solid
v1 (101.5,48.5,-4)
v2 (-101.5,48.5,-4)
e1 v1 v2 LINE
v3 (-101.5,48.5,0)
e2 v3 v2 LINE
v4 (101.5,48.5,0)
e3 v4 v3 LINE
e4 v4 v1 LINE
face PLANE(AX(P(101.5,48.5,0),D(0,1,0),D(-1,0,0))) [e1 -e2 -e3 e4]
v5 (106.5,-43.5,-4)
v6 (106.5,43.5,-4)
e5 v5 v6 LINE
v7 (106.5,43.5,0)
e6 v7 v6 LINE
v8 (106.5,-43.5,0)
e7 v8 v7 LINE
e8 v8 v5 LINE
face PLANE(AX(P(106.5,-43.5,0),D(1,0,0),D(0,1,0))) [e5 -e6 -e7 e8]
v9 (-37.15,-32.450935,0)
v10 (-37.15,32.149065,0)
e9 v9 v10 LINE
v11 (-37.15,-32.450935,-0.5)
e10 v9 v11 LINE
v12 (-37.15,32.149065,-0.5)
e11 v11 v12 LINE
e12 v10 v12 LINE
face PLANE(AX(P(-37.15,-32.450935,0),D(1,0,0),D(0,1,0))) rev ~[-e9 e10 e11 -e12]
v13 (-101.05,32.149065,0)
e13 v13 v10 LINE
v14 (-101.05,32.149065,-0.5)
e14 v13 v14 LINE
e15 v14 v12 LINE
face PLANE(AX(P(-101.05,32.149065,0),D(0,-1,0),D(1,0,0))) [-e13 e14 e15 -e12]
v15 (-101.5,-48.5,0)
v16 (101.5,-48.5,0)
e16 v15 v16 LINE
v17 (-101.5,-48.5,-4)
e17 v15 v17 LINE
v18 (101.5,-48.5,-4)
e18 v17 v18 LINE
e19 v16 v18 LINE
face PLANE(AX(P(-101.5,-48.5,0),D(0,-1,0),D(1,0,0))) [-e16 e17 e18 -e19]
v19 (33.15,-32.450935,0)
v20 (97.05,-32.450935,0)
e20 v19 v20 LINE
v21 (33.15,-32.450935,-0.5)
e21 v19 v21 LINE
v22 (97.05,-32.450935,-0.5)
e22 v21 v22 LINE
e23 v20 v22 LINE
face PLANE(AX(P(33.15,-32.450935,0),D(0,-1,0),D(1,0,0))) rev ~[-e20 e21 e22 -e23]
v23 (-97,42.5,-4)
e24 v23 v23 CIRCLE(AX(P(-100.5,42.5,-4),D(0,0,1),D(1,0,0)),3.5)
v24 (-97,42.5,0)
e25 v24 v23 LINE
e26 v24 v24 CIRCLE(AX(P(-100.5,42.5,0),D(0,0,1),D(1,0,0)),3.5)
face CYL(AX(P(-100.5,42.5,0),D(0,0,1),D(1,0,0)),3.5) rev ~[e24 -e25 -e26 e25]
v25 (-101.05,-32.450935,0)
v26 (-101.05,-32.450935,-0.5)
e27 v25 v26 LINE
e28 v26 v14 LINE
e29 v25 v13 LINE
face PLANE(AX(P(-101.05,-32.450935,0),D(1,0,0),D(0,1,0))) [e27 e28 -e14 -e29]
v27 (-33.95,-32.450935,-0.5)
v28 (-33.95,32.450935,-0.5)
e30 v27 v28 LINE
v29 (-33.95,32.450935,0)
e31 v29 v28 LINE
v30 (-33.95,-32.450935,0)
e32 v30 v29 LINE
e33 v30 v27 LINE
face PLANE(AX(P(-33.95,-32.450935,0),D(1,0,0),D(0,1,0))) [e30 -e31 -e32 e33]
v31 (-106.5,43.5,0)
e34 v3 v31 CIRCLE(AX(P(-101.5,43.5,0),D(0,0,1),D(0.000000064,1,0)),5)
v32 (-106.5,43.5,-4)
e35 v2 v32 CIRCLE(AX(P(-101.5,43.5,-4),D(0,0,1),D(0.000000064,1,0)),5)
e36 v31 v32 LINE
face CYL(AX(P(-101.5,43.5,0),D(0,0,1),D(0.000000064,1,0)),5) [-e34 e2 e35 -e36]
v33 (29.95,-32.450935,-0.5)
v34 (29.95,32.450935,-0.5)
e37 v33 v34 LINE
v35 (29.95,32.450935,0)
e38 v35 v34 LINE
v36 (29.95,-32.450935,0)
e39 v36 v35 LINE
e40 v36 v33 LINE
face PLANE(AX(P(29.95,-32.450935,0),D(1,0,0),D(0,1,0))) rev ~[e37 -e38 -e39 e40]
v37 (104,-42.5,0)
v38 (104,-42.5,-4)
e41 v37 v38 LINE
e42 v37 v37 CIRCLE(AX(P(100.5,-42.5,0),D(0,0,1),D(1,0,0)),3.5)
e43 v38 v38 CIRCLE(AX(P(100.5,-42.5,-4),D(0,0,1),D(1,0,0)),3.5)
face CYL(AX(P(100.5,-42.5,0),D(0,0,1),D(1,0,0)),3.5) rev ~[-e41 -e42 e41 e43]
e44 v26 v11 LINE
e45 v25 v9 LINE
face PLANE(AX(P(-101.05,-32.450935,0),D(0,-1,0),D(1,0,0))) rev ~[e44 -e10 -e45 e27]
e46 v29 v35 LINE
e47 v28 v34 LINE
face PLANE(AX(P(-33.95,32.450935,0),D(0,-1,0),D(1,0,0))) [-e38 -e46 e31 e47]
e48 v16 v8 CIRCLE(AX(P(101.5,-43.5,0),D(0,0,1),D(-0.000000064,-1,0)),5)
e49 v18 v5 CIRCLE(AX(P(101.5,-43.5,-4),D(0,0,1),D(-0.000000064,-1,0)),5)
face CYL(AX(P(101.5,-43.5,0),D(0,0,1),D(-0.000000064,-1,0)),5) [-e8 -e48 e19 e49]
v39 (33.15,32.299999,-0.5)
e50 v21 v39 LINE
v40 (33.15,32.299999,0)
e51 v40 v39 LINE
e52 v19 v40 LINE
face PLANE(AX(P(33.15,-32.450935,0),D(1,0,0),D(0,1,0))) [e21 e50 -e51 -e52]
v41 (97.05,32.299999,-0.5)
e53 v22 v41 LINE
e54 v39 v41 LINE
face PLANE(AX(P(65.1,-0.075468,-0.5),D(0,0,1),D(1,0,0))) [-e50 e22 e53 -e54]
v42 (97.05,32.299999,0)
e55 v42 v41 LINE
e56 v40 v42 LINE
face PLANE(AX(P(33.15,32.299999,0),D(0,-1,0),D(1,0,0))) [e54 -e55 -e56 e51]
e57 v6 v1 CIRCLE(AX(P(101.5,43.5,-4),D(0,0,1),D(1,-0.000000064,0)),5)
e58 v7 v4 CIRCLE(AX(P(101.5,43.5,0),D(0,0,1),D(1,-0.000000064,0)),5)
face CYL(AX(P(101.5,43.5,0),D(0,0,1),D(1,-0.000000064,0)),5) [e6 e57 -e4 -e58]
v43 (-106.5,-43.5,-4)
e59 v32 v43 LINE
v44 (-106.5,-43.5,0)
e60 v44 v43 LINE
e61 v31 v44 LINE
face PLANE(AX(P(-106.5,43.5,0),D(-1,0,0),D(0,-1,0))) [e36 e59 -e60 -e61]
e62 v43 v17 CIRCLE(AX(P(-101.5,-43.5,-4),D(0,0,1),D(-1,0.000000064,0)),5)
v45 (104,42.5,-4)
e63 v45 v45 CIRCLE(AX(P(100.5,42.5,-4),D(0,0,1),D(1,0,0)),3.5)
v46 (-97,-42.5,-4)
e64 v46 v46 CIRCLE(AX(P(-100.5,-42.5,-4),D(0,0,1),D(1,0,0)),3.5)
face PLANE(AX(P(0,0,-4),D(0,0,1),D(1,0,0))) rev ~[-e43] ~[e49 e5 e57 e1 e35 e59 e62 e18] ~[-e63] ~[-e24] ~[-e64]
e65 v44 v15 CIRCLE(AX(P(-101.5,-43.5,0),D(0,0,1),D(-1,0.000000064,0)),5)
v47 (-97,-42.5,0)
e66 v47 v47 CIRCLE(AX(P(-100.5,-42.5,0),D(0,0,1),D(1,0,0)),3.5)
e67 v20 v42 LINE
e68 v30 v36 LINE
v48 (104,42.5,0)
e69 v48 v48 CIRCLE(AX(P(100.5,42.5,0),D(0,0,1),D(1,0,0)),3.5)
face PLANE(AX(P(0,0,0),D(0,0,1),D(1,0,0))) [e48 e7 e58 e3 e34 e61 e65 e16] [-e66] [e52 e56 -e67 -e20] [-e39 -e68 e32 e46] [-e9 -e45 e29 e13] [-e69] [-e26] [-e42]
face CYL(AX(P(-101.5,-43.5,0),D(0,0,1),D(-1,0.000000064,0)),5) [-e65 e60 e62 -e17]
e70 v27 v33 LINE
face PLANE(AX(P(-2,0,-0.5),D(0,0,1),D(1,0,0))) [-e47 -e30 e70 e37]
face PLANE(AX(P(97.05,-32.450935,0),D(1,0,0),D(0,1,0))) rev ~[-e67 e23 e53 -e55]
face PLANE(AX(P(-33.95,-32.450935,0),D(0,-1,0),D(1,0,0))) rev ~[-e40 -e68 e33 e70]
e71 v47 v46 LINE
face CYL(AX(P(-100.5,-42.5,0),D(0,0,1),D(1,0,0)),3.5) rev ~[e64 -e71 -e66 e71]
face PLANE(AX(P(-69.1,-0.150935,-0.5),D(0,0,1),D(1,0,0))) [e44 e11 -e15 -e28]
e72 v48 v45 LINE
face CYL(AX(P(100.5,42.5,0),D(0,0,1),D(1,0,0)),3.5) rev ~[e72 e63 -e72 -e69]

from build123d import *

# Parameters (mm, degrees)
F0_R     = 3.5
F2_DEPTH = 4
F1_W     = 63.9
F1_H     = 64.6
F1_H_2   = 64.90187
F1_H_3   = 64.750935
F3_DEPTH = 0.5


with BuildPart() as f2:
    # F0 (on Top) → F2 (new body)
    with BuildSketch(Plane.XY):
        with BuildLine():
            Line((-101.5, -48.5), (101.5, -48.5))
            ThreePointArc((101.5, -48.5), (105.035534, -47.035534), (106.5, -43.5))
            Line((106.5, -43.5), (106.5, 43.5))
            ThreePointArc((106.5, 43.5), (105.035534, 47.035534), (101.5, 48.5))
            Line((101.5, 48.5), (-101.5, 48.5))
            ThreePointArc((-101.5, 48.5), (-105.035534, 47.035534), (-106.5, 43.5))
            Line((-106.5, 43.5), (-106.5, -43.5))
            ThreePointArc((-106.5, -43.5), (-105.035534, -47.035534), (-101.5, -48.5))
        make_face()
        with Locations((-100.5, -42.5)):
            Circle(F0_R, mode=Mode.SUBTRACT)
        with Locations((100.5, -42.5)):
            Circle(F0_R, mode=Mode.SUBTRACT)
        with Locations((-100.5, 42.5)):
            Circle(F0_R, mode=Mode.SUBTRACT)
        with Locations((100.5, 42.5)):
            Circle(F0_R, mode=Mode.SUBTRACT)
    extrude(amount=-F2_DEPTH)

    # F1 (on face) → F3 (cut)
    with BuildSketch(Plane.XY):
        with Locations((-69.1, -0.150935)):
            Rectangle(F1_W, F1_H)
        with Locations((-2, 0)):
            Rectangle(F1_W, F1_H_2)
        with Locations((65.1, -0.075468)):
            Rectangle(F1_W, F1_H_3)
    extrude(amount=-F3_DEPTH, mode=Mode.SUBTRACT)


solid = f2.part
